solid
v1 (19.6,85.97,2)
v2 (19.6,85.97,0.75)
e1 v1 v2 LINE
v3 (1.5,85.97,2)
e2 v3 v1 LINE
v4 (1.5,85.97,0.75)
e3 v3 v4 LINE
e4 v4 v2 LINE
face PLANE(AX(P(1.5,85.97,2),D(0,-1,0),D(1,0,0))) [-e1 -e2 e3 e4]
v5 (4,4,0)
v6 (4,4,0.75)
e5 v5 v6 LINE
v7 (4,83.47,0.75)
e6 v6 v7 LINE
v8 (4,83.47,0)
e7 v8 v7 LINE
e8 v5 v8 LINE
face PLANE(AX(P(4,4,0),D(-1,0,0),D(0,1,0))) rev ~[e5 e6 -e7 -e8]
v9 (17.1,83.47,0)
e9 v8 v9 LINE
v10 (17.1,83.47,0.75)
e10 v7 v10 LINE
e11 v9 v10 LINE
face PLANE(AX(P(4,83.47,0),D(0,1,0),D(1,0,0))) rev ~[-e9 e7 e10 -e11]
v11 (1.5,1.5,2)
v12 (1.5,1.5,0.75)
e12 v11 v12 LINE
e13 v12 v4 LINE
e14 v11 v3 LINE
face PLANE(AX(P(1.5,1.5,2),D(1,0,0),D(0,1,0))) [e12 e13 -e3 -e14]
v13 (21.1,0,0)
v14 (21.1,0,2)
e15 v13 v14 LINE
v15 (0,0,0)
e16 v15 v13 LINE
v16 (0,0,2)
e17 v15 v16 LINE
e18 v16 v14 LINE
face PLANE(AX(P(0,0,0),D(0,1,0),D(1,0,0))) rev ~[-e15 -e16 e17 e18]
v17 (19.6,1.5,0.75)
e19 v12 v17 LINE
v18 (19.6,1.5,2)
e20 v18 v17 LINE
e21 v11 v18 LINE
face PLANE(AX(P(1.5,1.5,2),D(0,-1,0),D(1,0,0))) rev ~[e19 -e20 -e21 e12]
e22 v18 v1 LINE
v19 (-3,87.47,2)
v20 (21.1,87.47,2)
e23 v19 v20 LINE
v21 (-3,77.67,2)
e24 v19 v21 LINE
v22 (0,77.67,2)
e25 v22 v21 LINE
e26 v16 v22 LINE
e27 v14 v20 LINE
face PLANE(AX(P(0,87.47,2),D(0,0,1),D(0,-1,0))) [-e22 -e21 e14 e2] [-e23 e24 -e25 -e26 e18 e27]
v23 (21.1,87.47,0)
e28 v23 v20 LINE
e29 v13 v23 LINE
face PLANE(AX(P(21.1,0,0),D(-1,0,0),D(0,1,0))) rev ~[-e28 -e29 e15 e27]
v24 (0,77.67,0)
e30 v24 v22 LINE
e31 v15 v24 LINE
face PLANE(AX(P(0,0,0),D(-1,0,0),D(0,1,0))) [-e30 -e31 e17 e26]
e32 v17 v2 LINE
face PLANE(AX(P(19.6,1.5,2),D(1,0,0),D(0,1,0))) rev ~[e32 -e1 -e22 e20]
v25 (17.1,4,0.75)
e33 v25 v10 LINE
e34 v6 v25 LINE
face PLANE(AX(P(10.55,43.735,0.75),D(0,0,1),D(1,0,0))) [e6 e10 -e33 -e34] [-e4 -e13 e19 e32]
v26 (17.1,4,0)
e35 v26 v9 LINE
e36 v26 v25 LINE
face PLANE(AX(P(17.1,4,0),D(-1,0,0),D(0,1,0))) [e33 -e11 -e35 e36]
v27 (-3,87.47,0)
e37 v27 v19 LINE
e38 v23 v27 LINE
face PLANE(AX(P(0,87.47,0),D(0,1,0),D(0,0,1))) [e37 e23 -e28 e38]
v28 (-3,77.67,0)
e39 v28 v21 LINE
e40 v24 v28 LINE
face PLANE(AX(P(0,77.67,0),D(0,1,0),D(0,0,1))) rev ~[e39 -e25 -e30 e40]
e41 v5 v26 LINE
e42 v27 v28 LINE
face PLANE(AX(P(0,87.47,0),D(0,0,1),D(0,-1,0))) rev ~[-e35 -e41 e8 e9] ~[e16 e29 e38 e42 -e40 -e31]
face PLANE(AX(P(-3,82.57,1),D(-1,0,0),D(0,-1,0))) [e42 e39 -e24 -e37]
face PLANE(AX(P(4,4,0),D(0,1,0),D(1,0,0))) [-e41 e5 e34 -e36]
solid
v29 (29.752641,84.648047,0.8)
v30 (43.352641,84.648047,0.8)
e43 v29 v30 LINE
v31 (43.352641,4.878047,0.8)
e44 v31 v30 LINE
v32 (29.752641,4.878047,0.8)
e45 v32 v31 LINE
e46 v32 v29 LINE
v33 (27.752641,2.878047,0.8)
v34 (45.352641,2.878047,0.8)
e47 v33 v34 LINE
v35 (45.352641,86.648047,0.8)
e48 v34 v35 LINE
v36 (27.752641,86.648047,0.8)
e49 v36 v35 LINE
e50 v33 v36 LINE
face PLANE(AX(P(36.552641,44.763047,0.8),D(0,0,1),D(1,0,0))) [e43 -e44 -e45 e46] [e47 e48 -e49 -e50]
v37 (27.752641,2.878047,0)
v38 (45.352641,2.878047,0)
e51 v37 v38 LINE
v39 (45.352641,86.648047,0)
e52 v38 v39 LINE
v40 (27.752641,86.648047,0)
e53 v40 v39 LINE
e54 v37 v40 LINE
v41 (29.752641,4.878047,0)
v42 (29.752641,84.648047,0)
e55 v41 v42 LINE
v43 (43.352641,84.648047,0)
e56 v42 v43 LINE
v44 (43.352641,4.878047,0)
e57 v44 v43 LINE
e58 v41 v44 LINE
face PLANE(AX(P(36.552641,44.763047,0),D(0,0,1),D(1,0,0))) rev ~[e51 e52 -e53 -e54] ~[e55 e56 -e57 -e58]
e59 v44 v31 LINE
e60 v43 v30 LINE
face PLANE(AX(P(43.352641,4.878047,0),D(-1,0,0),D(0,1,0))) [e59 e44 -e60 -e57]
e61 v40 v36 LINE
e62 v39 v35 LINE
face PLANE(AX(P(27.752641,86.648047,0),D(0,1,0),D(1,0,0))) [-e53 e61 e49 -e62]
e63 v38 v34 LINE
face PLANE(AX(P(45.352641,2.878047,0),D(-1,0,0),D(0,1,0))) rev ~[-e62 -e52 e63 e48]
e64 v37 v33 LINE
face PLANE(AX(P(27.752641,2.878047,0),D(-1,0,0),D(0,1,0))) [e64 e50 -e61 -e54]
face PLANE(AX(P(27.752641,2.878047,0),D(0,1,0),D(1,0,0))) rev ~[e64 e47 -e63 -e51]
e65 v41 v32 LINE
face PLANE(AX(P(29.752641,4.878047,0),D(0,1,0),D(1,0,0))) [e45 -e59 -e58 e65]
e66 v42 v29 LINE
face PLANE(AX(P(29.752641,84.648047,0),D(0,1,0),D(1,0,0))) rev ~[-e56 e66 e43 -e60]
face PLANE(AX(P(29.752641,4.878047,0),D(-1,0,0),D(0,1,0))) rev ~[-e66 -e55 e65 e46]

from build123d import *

# Parameters (mm, degrees)
F0_W     = 21.1
F0_H     = 87.47
F0_W_2   = 13.1
F0_H_2   = 79.47
F1_DEPTH = 2
F2_W     = 18.1
F2_H     = 84.47
F3_DEPTH = 1.25
F4_W     = 17.6
F4_H     = 83.77
F4_W_2   = 13.6
F4_H_2   = 79.77
F5_DEPTH = 0.8
F6_W     = 9.8
F6_H     = 2
F7_DEPTH = 3


with BuildPart() as f1:
    # F0 (on Top) → F1 (new body)
    with BuildSketch(Plane.XY):
        with Locations((10.55, 43.735)):
            Rectangle(F0_W, F0_H)
        with Locations((10.55, 43.735)):
            Rectangle(F0_W_2, F0_H_2, mode=Mode.SUBTRACT)
    extrude(amount=F1_DEPTH)

    # F2 (on face) → F3 (cut)
    with BuildSketch(Plane.XY.offset(2)):
        with Locations((10.55, 43.735)):
            Rectangle(F2_W, F2_H)
    extrude(amount=-F3_DEPTH, mode=Mode.SUBTRACT)

    # F6 (on face) → F7 (join)
    with BuildSketch(Plane(origin=(0, 0, 0), x_dir=(0, -1, 0), z_dir=(-1, 0, 0))):
        with Locations((-82.57, 1)):
            Rectangle(F6_W, F6_H)
    extrude(amount=F7_DEPTH)


with BuildPart() as f5:
    # F4 (on Top) → F5 (new body)
    with BuildSketch(Plane.XY):
        with Locations((36.552641, 44.763047)):
            Rectangle(F4_W, F4_H)
        with Locations((36.552641, 44.763047)):
            Rectangle(F4_W_2, F4_H_2, mode=Mode.SUBTRACT)
    extrude(amount=F5_DEPTH)


solid = Compound([f1.part, f5.part])
